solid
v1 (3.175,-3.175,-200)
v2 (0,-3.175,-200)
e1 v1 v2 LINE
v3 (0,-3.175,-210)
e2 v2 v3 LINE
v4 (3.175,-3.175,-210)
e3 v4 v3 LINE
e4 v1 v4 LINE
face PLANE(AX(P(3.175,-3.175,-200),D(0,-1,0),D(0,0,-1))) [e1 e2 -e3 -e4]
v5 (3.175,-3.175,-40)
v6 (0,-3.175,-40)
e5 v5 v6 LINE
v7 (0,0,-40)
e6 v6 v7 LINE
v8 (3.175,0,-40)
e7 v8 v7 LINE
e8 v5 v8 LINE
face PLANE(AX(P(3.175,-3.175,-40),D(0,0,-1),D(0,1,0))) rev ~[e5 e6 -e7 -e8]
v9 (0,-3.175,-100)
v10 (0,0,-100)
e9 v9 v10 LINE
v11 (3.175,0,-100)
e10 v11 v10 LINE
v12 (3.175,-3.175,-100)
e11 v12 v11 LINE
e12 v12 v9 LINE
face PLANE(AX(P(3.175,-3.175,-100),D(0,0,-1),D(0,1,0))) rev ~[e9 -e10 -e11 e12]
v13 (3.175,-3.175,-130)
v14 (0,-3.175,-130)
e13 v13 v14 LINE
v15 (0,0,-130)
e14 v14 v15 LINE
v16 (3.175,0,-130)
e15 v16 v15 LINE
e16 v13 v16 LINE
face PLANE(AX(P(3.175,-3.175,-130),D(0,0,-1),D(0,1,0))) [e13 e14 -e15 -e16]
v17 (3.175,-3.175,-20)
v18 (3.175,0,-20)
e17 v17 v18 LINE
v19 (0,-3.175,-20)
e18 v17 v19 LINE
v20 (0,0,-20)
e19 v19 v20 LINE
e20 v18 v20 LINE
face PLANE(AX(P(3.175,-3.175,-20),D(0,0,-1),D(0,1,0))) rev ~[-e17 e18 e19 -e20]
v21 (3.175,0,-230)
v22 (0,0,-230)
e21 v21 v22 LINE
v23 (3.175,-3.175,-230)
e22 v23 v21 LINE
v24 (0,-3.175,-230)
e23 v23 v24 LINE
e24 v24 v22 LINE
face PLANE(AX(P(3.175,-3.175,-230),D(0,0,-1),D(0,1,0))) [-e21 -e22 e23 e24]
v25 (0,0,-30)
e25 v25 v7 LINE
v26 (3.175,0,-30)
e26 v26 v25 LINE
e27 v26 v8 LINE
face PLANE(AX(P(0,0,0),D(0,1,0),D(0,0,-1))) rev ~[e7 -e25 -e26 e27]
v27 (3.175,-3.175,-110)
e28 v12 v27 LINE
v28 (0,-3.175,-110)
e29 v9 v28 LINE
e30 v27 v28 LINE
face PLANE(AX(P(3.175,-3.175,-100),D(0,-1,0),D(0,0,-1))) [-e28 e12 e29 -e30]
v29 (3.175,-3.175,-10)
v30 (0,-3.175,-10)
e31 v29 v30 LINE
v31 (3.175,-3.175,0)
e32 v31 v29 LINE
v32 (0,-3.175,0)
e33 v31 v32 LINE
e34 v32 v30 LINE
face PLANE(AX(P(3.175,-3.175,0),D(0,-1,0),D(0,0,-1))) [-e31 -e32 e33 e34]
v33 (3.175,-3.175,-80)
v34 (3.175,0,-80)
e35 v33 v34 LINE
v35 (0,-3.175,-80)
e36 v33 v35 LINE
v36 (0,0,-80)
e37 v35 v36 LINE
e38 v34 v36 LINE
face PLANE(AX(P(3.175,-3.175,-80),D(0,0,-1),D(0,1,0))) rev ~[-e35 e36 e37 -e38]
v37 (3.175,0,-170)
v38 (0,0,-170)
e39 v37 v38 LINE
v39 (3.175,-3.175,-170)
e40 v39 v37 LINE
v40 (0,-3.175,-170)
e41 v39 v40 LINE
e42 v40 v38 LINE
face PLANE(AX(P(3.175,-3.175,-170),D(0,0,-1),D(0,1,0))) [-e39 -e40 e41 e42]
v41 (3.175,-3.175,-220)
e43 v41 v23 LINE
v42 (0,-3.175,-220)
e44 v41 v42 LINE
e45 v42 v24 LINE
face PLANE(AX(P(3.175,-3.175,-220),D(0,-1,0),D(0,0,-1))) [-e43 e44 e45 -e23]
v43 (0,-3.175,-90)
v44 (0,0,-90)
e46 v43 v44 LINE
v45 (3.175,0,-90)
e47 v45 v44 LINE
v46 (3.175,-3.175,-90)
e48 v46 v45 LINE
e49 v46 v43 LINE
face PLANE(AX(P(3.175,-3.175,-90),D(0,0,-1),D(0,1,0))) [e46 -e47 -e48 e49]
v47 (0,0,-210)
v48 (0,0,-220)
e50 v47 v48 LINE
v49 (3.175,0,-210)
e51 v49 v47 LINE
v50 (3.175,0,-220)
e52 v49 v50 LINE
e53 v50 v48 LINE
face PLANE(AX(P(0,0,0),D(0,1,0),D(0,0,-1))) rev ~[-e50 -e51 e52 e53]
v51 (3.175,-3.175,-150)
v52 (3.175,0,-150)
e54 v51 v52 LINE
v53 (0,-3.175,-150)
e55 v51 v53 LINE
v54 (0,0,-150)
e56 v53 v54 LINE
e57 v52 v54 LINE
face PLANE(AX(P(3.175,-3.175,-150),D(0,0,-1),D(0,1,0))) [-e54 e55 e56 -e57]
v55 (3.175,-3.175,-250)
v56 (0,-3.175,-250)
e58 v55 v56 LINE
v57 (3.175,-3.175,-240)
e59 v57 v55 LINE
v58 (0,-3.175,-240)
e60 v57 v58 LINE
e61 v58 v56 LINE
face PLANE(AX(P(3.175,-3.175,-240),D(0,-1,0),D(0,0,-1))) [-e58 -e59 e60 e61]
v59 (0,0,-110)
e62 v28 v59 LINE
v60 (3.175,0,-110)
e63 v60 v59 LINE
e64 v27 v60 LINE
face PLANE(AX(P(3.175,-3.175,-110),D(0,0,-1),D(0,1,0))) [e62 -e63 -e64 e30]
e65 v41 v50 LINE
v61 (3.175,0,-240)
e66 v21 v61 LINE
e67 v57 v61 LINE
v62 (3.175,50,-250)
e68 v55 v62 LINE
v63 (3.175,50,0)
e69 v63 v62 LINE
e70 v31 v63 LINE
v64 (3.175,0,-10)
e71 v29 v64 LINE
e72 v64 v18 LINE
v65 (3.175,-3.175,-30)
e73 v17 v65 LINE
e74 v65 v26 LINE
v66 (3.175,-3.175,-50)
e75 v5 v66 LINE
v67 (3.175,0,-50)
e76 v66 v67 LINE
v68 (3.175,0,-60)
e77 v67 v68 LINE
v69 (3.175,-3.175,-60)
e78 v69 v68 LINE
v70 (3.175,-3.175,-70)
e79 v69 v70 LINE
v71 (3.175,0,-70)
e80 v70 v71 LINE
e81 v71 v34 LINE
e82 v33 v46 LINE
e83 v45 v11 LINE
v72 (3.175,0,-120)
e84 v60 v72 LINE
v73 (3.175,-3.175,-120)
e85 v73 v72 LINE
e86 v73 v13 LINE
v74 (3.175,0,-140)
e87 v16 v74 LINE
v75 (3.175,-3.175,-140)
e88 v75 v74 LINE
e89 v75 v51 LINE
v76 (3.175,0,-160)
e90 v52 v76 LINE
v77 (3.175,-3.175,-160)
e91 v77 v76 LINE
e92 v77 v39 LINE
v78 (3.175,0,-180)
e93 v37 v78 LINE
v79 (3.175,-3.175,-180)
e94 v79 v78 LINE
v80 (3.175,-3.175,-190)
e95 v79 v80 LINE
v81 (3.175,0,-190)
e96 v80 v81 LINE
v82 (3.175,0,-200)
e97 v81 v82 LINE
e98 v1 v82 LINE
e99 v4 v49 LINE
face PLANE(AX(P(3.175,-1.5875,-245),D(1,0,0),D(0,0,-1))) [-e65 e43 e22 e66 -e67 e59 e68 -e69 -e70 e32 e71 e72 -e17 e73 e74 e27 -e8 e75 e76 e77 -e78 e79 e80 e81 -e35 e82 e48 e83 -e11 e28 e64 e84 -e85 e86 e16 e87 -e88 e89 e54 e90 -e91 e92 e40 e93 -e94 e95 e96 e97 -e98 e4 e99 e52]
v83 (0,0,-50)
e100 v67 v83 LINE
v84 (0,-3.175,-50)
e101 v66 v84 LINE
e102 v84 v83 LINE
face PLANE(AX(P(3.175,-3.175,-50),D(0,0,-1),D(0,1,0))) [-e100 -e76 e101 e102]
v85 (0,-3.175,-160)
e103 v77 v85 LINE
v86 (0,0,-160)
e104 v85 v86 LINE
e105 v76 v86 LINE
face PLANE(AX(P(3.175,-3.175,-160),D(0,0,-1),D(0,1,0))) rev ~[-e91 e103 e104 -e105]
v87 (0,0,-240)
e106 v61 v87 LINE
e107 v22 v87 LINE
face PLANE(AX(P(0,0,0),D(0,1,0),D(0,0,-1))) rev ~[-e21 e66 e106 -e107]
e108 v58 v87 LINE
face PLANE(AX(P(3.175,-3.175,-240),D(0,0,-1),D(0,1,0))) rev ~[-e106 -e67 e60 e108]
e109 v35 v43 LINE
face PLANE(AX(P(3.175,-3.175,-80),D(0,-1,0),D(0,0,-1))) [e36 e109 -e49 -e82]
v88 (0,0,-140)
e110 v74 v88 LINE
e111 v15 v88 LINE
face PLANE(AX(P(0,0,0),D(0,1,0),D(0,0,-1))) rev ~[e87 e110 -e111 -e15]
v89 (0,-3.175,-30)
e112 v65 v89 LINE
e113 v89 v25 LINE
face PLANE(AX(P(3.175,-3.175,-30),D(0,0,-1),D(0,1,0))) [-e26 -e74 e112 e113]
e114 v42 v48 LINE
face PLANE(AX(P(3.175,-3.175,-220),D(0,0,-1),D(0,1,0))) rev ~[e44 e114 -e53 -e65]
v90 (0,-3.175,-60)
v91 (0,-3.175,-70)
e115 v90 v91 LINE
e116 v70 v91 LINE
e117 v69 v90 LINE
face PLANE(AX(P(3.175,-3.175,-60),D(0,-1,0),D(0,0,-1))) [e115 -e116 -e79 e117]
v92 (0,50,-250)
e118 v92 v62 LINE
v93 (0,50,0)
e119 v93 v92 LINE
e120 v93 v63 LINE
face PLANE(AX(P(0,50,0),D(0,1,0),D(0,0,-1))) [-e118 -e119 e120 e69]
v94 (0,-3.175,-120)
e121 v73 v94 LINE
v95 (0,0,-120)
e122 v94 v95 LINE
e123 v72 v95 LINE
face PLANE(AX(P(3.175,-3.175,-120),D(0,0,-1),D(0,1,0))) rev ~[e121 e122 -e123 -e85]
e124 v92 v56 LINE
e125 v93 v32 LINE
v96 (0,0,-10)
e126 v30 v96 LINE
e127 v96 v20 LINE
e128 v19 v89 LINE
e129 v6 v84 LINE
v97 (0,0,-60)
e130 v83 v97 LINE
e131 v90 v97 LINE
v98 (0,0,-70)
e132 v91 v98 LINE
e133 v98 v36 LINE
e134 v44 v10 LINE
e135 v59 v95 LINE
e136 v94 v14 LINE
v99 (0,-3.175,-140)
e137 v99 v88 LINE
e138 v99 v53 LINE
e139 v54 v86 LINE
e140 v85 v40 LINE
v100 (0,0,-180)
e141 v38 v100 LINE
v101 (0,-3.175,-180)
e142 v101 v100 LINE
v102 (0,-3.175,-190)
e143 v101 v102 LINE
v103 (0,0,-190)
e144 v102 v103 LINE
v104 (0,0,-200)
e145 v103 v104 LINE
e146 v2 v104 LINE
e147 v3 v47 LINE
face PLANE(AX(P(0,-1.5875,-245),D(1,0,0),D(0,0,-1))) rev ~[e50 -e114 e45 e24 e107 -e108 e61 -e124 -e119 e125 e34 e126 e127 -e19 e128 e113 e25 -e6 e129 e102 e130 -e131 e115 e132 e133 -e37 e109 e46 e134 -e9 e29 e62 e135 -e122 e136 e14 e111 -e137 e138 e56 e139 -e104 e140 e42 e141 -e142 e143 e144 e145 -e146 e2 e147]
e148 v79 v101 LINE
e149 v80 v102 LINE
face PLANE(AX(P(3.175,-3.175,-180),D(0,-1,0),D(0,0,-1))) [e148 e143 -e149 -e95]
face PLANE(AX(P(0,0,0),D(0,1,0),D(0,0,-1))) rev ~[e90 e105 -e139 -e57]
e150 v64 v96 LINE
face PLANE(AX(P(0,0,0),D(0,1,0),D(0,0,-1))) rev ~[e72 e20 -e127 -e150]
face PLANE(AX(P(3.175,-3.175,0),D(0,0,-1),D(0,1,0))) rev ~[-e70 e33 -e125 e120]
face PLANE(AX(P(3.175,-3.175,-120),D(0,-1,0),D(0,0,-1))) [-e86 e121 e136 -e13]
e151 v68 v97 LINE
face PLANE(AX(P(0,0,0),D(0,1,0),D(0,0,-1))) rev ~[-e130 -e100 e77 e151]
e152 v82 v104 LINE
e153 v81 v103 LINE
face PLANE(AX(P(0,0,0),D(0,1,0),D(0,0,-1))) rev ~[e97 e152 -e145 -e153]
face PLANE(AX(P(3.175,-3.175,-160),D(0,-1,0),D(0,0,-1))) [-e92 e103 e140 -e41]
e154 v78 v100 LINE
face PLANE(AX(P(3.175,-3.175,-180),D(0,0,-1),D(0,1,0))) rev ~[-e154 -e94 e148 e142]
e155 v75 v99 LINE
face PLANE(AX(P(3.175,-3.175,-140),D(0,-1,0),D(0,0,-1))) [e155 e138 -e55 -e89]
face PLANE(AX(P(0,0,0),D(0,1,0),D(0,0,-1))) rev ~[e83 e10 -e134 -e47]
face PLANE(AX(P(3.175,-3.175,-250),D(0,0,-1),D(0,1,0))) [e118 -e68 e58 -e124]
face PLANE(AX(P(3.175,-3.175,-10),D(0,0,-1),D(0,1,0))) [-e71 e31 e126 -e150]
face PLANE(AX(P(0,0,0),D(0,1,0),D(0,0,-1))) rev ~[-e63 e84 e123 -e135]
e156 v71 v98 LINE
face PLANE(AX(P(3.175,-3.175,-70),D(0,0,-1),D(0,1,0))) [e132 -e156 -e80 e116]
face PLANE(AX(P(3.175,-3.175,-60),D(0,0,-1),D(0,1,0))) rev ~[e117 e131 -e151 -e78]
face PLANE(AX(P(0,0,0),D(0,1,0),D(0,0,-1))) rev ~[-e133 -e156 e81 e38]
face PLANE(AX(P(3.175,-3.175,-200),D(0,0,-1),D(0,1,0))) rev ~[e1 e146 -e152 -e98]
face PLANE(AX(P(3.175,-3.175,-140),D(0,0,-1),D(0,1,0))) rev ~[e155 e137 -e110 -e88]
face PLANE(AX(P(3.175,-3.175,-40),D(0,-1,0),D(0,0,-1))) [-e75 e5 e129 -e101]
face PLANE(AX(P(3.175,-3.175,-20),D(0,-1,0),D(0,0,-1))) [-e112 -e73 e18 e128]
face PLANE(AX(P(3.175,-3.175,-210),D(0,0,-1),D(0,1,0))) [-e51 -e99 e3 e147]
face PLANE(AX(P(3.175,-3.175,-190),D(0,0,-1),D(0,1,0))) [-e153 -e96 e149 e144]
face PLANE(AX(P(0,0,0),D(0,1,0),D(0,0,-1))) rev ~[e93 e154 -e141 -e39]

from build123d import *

# Parameters (mm, degrees)
ESQUISSE2_W                = 250
ESQUISSE2_H                = 50
BOSS_EXTRU_1_DEPTH         = 3.175
ESQUISSE3_W                = 10
ESQUISSE3_H                = 3.175
BOSS_EXTRU_2_DEPTH         = 3.175
R_P_TITION_LIN_AIRE1_COUNT = 13
R_P_TITION_LIN_AIRE1_PITCH = 20


with BuildPart() as part:
    # Esquisse2 → Boss.-Extru.1 (new body)
    with BuildSketch(Plane(origin=(0, 0, 0), x_dir=(0, 0, -1), z_dir=(1, 0, 0))):
        with Locations((125, 25)):
            Rectangle(ESQUISSE2_W, ESQUISSE2_H)
    extrude(amount=BOSS_EXTRU_1_DEPTH)

    # Esquisse3 → Boss.-Extru.2 (add)
    with BuildSketch(Plane(origin=(3.175, 0, 0), x_dir=(0, 0, -1), z_dir=(1, 0, 0))):
        with Locations((5, -1.5875)):
            Rectangle(ESQUISSE3_W, ESQUISSE3_H)
    boss_extru_2 = extrude(amount=-BOSS_EXTRU_2_DEPTH)

    # Répétition linéaire1: Boss.-Extru.2 ×13
    with Locations(*[(0, 0, -i * R_P_TITION_LIN_AIRE1_PITCH) for i in range(1, R_P_TITION_LIN_AIRE1_COUNT)]):
        add(boss_extru_2)


solid = part.part
